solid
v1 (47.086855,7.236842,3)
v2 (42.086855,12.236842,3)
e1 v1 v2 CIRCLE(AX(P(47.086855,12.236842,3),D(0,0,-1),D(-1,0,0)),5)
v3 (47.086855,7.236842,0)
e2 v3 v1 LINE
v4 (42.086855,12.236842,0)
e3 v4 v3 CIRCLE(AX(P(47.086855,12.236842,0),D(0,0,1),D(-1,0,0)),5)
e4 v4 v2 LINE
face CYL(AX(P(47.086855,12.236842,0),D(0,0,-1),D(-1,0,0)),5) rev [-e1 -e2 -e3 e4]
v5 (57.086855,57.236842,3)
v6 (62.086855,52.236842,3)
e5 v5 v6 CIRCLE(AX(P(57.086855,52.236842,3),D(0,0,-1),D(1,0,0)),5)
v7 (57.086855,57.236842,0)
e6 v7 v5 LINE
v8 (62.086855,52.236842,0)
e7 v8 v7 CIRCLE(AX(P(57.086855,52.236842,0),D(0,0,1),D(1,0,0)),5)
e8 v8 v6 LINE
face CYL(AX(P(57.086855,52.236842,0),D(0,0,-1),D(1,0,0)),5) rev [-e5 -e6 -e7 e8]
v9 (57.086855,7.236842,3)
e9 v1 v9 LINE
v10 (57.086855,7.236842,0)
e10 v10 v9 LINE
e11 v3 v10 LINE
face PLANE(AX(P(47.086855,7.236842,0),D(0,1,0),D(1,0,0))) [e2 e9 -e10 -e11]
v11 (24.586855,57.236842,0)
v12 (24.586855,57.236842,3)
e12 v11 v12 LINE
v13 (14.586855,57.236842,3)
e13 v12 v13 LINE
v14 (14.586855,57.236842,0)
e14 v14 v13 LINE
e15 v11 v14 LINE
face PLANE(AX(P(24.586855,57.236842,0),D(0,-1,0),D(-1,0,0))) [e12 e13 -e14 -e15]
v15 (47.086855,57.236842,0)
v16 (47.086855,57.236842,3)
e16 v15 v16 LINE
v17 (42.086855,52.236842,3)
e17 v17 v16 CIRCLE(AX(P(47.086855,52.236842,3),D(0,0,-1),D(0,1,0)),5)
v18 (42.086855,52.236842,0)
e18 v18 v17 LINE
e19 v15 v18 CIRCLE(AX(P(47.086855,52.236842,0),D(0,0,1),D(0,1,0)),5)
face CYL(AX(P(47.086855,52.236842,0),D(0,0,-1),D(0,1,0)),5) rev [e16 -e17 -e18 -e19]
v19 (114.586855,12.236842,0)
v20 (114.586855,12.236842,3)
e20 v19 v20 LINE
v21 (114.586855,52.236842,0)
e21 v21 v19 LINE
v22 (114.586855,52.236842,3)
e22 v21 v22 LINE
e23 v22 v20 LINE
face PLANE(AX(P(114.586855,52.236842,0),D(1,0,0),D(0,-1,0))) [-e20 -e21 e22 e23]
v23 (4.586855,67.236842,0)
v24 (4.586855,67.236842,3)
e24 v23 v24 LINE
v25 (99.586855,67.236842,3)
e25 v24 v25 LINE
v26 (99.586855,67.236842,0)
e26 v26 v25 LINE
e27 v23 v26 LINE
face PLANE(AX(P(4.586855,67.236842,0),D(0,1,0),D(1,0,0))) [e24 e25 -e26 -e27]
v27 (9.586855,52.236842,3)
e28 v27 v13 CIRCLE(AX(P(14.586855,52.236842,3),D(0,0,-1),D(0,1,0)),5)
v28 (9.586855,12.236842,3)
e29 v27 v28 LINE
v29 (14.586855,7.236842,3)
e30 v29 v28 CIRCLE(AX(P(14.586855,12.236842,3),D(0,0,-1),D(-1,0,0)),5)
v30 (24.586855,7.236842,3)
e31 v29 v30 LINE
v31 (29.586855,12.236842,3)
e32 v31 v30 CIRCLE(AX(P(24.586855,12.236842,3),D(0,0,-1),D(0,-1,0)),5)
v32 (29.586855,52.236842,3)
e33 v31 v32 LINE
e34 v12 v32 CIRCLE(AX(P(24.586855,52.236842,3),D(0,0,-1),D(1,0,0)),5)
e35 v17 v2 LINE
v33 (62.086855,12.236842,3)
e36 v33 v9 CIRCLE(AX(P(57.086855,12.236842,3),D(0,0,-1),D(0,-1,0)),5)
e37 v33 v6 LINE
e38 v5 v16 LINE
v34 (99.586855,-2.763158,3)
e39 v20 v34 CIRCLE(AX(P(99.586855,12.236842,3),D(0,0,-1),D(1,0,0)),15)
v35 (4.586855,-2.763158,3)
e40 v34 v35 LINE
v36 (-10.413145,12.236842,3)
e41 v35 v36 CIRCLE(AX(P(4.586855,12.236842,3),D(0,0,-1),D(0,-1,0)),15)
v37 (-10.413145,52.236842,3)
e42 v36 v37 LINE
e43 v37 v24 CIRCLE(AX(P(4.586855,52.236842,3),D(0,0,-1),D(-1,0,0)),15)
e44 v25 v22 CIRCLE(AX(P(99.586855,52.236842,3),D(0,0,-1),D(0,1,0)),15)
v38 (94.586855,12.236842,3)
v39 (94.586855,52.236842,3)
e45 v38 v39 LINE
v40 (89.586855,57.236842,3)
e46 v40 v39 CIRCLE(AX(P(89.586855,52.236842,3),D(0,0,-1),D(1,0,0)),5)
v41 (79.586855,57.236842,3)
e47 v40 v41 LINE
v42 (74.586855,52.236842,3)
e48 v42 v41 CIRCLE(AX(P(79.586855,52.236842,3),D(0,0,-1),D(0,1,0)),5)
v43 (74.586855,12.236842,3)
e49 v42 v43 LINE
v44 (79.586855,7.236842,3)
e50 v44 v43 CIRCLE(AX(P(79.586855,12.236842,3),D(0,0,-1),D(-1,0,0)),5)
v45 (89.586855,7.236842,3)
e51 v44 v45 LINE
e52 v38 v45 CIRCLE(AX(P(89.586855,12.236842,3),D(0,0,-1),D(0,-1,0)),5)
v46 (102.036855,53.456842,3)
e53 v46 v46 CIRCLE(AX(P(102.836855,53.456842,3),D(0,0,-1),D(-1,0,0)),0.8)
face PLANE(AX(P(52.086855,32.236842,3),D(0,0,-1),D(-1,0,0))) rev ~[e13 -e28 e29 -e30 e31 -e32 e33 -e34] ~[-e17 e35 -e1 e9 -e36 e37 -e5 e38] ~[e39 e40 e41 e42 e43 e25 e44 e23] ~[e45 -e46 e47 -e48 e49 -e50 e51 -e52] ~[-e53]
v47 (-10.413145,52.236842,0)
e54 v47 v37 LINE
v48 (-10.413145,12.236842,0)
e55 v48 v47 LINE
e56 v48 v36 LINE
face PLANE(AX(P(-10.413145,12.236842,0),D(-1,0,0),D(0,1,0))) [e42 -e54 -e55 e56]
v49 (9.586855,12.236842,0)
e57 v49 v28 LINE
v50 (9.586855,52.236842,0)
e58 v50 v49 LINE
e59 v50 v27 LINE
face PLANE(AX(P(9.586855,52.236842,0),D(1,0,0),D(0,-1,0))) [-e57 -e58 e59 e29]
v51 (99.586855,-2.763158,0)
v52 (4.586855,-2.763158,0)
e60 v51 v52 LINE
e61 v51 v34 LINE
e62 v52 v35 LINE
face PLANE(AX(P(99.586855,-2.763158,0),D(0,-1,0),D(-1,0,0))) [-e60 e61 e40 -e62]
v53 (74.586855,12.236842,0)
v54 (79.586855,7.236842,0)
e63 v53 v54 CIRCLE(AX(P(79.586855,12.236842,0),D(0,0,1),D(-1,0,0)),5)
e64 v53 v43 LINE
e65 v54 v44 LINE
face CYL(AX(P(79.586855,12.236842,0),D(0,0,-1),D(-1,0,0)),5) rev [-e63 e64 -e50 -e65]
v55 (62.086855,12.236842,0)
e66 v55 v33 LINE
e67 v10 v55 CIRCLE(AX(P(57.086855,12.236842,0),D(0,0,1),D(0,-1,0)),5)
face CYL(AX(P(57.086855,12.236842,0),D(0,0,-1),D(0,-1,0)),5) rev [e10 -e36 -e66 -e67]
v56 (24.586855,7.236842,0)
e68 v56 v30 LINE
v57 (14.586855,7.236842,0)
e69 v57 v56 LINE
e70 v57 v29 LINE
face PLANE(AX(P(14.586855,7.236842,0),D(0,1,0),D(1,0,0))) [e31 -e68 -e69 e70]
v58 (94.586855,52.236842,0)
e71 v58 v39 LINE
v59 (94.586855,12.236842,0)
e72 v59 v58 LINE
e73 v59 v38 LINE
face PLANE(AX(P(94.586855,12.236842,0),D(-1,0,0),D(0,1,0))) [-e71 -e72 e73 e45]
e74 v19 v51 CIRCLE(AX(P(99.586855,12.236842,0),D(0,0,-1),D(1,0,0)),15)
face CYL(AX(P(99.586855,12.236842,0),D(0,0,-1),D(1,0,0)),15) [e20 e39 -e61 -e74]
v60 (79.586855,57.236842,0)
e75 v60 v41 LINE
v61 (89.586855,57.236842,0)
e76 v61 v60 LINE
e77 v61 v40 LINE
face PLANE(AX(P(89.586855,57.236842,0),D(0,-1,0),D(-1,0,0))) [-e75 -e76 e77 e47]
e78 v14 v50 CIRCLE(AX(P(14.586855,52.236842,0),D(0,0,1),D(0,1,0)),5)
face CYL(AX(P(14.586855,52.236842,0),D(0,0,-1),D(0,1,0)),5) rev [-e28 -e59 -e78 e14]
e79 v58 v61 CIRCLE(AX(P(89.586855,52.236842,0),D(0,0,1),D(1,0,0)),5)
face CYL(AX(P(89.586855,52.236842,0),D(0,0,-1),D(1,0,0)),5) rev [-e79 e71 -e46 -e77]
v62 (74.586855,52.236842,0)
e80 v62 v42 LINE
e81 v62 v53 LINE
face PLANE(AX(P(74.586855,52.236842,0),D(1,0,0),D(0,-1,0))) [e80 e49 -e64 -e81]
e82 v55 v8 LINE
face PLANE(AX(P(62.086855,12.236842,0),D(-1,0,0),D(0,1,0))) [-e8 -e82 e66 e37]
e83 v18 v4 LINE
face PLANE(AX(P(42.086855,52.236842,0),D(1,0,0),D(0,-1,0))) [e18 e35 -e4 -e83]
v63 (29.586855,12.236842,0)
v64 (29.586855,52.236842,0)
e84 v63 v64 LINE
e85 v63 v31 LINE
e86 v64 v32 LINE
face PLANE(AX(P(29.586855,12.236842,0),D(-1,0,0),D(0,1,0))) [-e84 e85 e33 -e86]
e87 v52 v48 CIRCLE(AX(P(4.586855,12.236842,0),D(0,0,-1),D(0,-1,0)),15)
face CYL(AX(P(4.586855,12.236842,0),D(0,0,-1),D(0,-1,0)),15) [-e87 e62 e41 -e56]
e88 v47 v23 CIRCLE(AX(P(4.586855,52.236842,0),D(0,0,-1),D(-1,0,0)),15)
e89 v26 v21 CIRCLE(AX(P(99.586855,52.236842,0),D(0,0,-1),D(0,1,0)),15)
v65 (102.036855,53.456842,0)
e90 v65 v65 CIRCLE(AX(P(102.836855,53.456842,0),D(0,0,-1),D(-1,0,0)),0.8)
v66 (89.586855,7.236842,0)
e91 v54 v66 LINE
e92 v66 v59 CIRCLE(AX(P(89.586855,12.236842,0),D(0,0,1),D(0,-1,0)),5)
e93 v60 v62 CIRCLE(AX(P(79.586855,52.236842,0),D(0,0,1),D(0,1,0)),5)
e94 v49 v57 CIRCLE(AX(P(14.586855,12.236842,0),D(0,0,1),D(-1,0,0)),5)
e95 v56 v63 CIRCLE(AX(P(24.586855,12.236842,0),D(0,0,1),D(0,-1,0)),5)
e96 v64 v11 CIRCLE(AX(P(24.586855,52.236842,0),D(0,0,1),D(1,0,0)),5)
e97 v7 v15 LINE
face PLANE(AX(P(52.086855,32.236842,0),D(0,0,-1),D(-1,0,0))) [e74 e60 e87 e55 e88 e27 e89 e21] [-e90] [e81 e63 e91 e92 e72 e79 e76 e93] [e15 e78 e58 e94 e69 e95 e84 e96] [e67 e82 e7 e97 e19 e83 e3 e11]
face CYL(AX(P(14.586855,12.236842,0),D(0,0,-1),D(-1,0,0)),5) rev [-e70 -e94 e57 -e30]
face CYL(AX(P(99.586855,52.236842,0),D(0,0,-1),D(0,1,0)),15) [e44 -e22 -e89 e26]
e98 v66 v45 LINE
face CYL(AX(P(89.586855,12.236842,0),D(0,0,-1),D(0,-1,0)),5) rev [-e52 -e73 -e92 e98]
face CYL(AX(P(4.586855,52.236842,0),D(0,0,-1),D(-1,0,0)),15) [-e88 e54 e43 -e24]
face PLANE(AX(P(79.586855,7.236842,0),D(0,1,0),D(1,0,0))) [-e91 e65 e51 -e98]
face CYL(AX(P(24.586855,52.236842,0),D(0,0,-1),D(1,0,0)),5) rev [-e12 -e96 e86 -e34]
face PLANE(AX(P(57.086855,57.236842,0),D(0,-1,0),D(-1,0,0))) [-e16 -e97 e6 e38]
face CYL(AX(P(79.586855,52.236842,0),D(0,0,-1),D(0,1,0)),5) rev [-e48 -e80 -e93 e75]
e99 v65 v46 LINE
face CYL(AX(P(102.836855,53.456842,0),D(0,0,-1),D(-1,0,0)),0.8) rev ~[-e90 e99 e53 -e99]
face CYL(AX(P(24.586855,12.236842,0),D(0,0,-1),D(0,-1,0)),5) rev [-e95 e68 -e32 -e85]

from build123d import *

# Parameters (mm, degrees)
RESSALTO_EXTRUS_O1_DEPTH = 3
ESBO_O2_R                = 0.8
CORTE_EXTRUS_O1_DEPTH    = 4
CORTE_EXTRUS_O2_DEPTH    = 10


with BuildPart() as part:
    # Esboço1 → Ressalto-extrusão1 (new body)
    with BuildSketch(Plane.XY):
        with BuildLine():
            Line((4.586855285, 67.236842105), (99.586855285, 67.236842105))
            ThreePointArc((99.586855285, 67.236842105), (110.193457003, 62.843443823), (114.586855285, 52.236842105))
            Line((114.586855285, 52.236842105), (114.586855285, 12.236842105))
            ThreePointArc((114.586855285, 12.236842105), (110.193457003, 1.630240387), (99.586855285, -2.763157895))
            Line((99.586855285, -2.763157895), (4.586855285, -2.763157895))
            ThreePointArc((4.586855285, -2.763157895), (-6.019746433, 1.630240387), (-10.413144715, 12.236842105))
            Line((-10.413144715, 12.236842105), (-10.413144715, 52.236842105))
            ThreePointArc((-10.413144715, 52.236842105), (-6.019746433, 62.843443823), (4.586855285, 67.236842105))
        make_face()
    extrude(amount=RESSALTO_EXTRUS_O1_DEPTH)

    # Esboço2 → Corte-extrusão1 (cut, through all)
    with BuildSketch(Plane(origin=(0, 0, 0), x_dir=(-1, 0, 0), z_dir=(0, 0, -1))):
        with Locations((-102.836855285, 53.456842105)):
            Circle(ESBO_O2_R)
    extrude(amount=-CORTE_EXTRUS_O1_DEPTH, mode=Mode.SUBTRACT)

    # Esboço3 → Corte-extrusão2 (cut)
    with BuildSketch(Plane(origin=(0, 0, 0), x_dir=(-1, 0, 0), z_dir=(0, 0, -1))):
        with BuildLine():
            Line((-14.586855285, 7.236842105), (-24.586855285, 7.236842105))
            ThreePointArc((-24.586855285, 7.236842105), (-28.122389191, 8.701308199), (-29.586855285, 12.236842105))
            Line((-29.586855285, 12.236842105), (-29.586855285, 52.236842105))
            ThreePointArc((-29.586855285, 52.236842105), (-28.122389191, 55.772376011), (-24.586855285, 57.236842105))
            Line((-24.586855285, 57.236842105), (-14.586855285, 57.236842105))
            ThreePointArc((-14.586855285, 57.236842105), (-11.051321379, 55.772376011), (-9.586855285, 52.236842105))
            Line((-9.586855285, 52.236842105), (-9.586855285, 12.236842105))
            ThreePointArc((-9.586855285, 12.236842105), (-11.051321379, 8.701308199), (-14.586855285, 7.236842105))
        make_face()
        with BuildLine():
            Line((-47.086855285, 7.236842105), (-57.086855285, 7.236842105))
            ThreePointArc((-57.086855285, 7.236842105), (-60.622389191, 8.701308199), (-62.086855285, 12.236842105))
            Line((-62.086855285, 12.236842105), (-62.086855285, 52.236842105))
            ThreePointArc((-62.086855285, 52.236842105), (-60.622389191, 55.772376011), (-57.086855285, 57.236842105))
            Line((-57.086855285, 57.236842105), (-47.086855285, 57.236842105))
            ThreePointArc((-47.086855285, 57.236842105), (-43.551321379, 55.772376011), (-42.086855285, 52.236842105))
            Line((-42.086855285, 52.236842105), (-42.086855285, 12.236842105))
            ThreePointArc((-42.086855285, 12.236842105), (-43.551321379, 8.701308199), (-47.086855285, 7.236842105))
        make_face()
        with BuildLine():
            Line((-79.586855285, 7.236842105), (-89.586855285, 7.236842105))
            ThreePointArc((-89.586855285, 7.236842105), (-93.122389191, 8.701308199), (-94.586855285, 12.236842105))
            Line((-94.586855285, 12.236842105), (-94.586855285, 52.236842105))
            ThreePointArc((-94.586855285, 52.236842105), (-93.122389191, 55.772376011), (-89.586855285, 57.236842105))
            Line((-89.586855285, 57.236842105), (-79.586855285, 57.236842105))
            ThreePointArc((-79.586855285, 57.236842105), (-76.051321379, 55.772376011), (-74.586855285, 52.236842105))
            Line((-74.586855285, 52.236842105), (-74.586855285, 12.236842105))
            ThreePointArc((-74.586855285, 12.236842105), (-76.051321379, 8.701308199), (-79.586855285, 7.236842105))
        make_face()
    extrude(amount=-CORTE_EXTRUS_O2_DEPTH, mode=Mode.SUBTRACT)


solid = part.part
